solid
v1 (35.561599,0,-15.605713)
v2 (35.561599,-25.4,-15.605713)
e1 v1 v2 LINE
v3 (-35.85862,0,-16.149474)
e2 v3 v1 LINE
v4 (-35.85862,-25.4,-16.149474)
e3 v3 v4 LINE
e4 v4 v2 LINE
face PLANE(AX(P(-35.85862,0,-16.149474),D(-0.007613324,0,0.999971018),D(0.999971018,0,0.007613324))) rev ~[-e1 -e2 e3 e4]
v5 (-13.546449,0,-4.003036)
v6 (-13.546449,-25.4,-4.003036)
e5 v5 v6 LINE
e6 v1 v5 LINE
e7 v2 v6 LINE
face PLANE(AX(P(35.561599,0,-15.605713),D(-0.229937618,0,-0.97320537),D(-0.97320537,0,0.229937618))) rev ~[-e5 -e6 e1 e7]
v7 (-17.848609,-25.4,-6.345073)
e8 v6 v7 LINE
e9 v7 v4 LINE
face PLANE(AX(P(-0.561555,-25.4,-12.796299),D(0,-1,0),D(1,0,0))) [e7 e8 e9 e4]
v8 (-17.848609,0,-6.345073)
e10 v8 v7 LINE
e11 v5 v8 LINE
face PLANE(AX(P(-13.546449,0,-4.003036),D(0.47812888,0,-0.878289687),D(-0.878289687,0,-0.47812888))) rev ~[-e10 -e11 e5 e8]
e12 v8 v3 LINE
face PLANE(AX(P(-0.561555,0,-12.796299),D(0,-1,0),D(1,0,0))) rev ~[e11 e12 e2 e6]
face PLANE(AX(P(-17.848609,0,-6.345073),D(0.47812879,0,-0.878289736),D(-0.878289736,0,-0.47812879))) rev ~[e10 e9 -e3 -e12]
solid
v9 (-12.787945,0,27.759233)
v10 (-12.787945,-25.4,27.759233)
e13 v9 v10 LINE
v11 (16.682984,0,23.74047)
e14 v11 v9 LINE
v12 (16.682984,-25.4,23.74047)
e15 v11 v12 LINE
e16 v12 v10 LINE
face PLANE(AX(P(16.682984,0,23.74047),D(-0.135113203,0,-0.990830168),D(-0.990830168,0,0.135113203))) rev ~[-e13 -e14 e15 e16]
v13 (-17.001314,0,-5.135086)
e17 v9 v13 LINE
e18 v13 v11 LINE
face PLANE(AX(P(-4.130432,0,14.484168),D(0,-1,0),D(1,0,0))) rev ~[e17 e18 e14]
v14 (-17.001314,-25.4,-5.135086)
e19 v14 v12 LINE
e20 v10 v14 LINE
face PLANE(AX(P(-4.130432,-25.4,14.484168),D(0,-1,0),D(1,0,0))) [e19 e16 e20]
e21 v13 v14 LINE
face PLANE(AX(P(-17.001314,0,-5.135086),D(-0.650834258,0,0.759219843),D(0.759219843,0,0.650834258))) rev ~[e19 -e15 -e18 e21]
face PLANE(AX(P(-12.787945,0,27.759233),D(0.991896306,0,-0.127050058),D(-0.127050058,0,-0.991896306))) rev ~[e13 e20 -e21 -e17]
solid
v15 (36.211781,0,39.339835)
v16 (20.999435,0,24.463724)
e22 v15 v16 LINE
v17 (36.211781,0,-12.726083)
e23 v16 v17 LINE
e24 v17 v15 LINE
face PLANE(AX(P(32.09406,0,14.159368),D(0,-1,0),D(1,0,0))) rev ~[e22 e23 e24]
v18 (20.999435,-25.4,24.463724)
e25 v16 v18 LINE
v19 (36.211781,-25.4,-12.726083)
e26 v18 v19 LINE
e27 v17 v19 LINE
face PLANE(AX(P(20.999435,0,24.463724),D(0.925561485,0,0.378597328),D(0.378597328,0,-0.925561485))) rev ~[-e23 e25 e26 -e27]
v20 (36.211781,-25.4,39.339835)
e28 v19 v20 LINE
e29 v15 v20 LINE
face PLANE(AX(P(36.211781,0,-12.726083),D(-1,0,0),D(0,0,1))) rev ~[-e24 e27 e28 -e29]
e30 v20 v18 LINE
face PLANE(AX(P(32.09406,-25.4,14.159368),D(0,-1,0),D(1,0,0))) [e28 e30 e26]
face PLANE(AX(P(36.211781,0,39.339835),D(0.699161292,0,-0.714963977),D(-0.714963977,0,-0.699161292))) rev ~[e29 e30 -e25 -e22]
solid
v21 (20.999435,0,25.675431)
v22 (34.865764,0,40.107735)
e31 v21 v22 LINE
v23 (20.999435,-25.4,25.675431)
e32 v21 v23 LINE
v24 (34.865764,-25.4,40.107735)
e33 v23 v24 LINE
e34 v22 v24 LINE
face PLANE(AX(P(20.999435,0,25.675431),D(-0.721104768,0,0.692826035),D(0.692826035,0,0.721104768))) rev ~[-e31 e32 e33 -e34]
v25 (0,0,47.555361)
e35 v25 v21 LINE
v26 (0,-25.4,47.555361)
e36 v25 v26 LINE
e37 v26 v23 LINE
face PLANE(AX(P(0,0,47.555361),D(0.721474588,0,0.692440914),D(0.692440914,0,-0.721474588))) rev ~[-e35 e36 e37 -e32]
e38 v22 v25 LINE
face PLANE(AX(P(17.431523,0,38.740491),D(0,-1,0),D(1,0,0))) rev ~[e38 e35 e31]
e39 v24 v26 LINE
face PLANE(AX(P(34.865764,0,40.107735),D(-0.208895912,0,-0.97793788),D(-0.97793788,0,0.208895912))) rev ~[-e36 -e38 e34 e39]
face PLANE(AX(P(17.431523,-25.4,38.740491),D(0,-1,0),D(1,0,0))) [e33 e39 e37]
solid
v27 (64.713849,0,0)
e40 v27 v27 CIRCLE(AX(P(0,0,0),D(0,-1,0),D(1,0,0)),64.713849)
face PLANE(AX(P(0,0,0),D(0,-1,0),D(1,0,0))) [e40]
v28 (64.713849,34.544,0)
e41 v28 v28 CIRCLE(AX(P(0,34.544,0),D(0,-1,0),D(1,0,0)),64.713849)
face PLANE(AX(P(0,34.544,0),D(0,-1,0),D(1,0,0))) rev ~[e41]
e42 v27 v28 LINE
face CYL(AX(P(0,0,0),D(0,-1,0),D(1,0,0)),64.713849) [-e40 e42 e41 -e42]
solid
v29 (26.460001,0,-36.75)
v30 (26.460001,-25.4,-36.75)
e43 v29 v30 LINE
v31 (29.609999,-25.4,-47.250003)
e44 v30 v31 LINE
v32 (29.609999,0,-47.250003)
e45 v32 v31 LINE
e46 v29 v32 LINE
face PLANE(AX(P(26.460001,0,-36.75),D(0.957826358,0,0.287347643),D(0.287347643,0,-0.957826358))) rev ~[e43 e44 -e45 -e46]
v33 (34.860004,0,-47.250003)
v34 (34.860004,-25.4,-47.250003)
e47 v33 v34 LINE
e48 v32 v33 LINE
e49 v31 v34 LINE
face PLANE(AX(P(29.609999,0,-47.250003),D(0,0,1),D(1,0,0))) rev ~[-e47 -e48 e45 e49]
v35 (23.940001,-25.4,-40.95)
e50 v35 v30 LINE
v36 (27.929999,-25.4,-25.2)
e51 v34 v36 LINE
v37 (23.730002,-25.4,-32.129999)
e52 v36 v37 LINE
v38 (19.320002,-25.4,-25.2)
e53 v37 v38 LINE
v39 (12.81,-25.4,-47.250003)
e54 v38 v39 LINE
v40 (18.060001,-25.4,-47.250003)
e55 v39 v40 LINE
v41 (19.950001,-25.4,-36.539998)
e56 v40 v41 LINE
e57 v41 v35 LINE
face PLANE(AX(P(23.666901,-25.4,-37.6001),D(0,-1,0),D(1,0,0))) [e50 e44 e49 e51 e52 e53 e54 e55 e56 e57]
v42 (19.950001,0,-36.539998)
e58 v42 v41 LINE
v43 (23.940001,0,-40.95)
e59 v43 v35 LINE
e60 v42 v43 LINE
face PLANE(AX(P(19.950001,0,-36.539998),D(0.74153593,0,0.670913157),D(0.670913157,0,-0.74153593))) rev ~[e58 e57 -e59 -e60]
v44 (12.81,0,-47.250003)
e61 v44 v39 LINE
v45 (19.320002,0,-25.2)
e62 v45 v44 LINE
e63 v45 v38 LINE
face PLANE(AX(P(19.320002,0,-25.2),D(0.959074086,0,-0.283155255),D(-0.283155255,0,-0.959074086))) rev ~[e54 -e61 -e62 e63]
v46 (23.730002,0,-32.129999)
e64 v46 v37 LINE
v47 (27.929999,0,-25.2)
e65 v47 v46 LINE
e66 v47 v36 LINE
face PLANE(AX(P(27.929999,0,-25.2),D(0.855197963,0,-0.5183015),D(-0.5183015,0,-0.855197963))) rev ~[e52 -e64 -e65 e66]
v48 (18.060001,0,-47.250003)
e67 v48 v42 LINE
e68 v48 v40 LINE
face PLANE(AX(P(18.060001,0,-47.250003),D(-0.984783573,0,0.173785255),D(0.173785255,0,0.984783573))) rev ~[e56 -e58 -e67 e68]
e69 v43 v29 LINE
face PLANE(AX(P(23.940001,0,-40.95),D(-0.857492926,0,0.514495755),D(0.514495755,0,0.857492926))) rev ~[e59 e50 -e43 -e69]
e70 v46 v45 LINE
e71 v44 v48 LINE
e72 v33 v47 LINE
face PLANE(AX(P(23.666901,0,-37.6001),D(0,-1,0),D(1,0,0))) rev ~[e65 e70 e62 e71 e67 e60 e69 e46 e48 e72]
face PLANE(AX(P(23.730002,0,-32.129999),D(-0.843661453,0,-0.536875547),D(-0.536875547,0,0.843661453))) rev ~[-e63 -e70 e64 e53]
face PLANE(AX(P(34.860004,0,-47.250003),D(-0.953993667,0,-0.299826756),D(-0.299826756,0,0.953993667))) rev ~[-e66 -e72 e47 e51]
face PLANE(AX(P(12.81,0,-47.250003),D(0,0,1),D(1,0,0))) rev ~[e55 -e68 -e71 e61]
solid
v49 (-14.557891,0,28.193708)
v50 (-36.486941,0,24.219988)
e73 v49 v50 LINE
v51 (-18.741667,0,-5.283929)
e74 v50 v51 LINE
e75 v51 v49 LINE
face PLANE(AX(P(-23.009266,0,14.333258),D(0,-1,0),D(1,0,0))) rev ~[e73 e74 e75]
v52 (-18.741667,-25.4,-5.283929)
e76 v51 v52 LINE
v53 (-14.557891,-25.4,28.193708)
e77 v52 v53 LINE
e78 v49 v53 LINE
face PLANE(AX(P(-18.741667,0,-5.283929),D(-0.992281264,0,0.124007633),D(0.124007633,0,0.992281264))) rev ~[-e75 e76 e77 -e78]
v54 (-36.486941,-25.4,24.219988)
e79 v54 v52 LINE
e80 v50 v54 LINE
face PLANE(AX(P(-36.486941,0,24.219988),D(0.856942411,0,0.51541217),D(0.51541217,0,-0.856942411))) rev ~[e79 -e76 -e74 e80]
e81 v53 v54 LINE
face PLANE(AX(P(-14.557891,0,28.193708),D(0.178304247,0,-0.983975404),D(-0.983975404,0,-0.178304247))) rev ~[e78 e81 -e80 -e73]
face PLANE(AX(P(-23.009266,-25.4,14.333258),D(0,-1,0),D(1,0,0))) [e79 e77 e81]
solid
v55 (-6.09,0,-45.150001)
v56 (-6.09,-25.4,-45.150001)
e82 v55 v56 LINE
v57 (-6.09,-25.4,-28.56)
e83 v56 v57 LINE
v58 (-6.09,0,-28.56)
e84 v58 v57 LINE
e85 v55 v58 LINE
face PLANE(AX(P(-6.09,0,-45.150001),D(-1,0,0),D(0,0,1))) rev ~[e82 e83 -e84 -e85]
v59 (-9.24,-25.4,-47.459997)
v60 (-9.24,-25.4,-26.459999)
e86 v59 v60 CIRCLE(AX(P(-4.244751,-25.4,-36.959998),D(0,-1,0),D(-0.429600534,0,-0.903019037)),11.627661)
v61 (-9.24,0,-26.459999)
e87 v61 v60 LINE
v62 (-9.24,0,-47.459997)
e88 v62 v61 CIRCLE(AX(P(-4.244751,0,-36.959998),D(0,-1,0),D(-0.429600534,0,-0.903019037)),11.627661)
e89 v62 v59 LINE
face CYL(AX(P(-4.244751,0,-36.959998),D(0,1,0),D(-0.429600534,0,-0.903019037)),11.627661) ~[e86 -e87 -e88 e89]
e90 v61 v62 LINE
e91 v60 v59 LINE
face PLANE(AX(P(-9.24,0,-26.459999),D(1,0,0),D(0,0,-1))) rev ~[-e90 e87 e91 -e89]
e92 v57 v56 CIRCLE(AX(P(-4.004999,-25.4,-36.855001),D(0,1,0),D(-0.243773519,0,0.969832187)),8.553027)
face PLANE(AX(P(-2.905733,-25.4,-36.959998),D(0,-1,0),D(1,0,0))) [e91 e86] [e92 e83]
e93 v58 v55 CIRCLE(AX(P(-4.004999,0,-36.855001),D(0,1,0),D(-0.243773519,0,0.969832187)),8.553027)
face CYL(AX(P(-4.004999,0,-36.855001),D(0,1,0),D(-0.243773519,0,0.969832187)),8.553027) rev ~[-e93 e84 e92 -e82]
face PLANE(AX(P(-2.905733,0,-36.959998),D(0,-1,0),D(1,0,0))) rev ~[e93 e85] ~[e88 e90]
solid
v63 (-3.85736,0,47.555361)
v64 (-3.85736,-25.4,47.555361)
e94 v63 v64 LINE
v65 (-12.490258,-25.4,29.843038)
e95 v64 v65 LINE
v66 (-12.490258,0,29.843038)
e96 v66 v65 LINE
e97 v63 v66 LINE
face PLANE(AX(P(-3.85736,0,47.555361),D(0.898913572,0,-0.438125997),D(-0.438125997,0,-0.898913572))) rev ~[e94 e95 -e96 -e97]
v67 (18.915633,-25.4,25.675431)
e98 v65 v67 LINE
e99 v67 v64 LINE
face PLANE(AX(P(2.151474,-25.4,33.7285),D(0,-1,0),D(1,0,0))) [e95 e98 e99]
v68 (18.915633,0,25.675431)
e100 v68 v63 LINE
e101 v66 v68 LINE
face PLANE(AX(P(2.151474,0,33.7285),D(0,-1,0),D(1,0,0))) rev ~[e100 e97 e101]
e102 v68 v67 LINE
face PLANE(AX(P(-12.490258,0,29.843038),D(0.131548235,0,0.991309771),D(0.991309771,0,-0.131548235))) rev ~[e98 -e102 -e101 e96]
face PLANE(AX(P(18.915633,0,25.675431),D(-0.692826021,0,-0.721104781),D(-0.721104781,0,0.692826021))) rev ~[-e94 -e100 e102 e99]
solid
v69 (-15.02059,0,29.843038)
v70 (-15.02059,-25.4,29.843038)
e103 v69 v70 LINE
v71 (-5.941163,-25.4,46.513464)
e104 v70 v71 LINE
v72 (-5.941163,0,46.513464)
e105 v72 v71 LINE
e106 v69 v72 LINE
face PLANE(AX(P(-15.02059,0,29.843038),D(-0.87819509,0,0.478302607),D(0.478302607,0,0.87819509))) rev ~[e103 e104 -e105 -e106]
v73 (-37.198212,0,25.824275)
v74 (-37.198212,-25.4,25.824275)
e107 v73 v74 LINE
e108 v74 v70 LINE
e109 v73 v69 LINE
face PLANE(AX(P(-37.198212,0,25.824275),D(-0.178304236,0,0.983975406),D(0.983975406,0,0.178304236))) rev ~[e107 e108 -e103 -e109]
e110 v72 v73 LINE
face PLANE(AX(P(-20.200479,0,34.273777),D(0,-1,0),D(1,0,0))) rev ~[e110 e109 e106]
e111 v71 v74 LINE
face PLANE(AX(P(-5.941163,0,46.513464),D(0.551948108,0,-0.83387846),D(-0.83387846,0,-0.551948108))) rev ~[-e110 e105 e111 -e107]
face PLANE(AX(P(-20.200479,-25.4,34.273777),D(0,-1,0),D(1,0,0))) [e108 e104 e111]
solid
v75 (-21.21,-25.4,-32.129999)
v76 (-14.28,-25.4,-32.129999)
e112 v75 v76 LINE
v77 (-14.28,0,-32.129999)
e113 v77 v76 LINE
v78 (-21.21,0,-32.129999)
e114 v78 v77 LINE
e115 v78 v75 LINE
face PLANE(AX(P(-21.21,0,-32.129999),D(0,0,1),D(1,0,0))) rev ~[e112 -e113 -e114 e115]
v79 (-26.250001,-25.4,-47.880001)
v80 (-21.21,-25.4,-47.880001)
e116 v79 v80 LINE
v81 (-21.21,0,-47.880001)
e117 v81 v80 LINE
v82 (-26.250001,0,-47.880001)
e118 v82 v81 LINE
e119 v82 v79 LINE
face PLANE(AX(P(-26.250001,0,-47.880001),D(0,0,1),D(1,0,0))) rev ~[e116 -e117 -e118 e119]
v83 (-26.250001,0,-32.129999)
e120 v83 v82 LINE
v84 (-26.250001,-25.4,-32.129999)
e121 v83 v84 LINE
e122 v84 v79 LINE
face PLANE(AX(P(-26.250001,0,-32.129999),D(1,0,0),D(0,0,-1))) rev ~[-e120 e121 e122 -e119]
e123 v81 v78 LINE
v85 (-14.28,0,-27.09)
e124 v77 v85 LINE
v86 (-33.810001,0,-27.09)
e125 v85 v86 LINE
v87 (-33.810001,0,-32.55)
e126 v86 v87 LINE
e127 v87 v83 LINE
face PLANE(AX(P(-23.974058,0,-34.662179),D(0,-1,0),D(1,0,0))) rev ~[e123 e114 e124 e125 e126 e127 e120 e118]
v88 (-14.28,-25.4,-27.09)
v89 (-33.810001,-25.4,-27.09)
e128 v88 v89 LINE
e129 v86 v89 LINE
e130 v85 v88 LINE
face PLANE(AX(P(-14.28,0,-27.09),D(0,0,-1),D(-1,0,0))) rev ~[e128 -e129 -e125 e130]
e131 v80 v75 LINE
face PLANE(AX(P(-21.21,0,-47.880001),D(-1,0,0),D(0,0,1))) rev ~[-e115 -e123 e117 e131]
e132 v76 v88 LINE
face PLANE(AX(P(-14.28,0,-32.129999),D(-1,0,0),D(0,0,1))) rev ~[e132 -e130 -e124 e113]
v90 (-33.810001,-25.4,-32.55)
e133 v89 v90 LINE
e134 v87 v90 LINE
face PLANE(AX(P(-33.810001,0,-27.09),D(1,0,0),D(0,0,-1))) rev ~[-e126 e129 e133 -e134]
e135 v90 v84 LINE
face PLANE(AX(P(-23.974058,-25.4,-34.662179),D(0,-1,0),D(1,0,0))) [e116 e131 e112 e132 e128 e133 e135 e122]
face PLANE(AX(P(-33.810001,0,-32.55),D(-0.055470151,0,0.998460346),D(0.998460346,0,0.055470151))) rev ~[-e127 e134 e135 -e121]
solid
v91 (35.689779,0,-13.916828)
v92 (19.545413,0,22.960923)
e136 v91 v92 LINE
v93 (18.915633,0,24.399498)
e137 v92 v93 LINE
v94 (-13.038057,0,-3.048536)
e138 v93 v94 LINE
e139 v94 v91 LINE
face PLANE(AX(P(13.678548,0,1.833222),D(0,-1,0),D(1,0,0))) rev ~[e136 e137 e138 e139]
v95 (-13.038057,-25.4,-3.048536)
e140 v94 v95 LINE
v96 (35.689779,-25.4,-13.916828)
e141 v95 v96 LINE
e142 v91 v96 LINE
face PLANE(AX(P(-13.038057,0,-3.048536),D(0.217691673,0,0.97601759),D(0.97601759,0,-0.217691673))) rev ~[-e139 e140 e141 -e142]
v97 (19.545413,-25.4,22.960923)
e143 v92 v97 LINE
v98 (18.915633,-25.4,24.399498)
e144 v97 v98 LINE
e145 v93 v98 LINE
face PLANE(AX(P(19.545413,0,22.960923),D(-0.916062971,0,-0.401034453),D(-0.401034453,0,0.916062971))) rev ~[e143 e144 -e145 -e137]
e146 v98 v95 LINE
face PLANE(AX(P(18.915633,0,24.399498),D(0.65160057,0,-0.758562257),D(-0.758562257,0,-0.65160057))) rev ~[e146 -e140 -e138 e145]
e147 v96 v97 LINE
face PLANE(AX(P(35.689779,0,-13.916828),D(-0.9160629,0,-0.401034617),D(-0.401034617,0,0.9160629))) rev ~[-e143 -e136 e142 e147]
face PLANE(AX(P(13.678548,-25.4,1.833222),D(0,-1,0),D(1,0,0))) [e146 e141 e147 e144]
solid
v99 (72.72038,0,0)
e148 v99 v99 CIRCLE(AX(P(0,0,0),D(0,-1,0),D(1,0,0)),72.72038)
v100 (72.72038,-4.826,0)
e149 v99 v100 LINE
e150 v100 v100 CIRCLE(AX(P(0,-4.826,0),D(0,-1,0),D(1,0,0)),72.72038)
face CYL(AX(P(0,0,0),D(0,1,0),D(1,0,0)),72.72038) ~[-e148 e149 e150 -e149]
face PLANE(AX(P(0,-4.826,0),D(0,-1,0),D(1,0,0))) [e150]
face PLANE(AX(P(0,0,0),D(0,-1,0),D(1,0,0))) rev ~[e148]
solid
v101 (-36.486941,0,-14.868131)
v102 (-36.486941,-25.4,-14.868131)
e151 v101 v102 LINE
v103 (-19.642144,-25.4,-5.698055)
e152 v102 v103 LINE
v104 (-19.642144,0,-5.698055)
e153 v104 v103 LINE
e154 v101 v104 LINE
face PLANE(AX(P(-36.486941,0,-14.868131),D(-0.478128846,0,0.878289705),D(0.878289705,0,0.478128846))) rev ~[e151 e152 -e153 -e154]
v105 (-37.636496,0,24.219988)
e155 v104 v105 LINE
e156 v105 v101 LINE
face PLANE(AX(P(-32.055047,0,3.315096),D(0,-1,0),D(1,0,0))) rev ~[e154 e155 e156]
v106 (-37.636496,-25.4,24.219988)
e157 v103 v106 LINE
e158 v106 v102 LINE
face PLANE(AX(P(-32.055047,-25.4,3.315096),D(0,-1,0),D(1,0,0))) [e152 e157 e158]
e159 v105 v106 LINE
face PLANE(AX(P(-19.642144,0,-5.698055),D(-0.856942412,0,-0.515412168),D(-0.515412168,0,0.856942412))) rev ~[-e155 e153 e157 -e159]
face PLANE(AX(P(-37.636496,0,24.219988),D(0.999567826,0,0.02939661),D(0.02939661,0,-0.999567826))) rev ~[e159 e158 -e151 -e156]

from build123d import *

# Parameters (mm, degrees)
F1_DEPTH = 25.4
F2_R     = 64.713849
F3_DEPTH = 34.544
F4_R     = 72.72038
F5_DEPTH = 4.826


with BuildPart() as f1:
    # F0 (on Front) → F1 (new body)
    with BuildSketch(Plane.XZ):
        Polygon((-33.810001, -32.55), (-26.250001, -32.129999), (-26.250001, -47.880001), (-21.21, -47.880001), (-21.21, -32.129999), (-14.28, -32.129999), (-14.28, -27.09), (-33.810001, -27.09), align=None)
        with BuildLine():
            ThreePointArc((-9.24, -47.459997), (7.38291, -36.959998), (-9.24, -26.459999))
            Line((-9.24, -26.459999), (-9.24, -47.459997))
        make_face()
        with BuildLine():
            Line((-6.09, -45.150001), (-6.09, -28.56))
            ThreePointArc((-6.09, -28.56), (4.548028, -36.855), (-6.09, -45.150001))
        make_face(mode=Mode.SUBTRACT)
        Polygon((23.730002, -32.129999), (19.320002, -25.2), (12.81, -47.250003), (18.060001, -47.250003), (19.950001, -36.539998), (23.940001, -40.95), (26.460001, -36.75), (29.609999, -47.250003), (34.860004, -47.250003), (27.929999, -25.2), align=None)
        Polygon((-5.941163, 46.513464), (-37.198212, 25.824275), (-15.02059, 29.843038), align=None)
        Polygon((-3.85736, 47.555361), (-12.490258, 29.843038), (18.915633, 25.675431), align=None)
        Polygon((34.865764, 40.107735), (0, 47.555361), (20.999435, 25.675431), align=None)
        Polygon((36.211781, -12.726083), (36.211781, 39.339835), (20.999435, 24.463724), align=None)
        Polygon((-14.557891, 28.193708), (-36.486941, 24.219988), (-18.741667, -5.283929), align=None)
        Polygon((-17.001314, -5.135086), (16.682984, 23.74047), (-12.787945, 27.759233), align=None)
        Polygon((-17.848609, -6.345073), (-35.85862, -16.149474), (35.561599, -15.605713), (-13.546449, -4.003036), align=None)
        Polygon((-19.642144, -5.698055), (-37.636496, 24.219988), (-36.486941, -14.868131), align=None)
        Polygon((18.915633, 24.399498), (-13.038057, -3.048536), (35.689779, -13.916828), (19.545413, 22.960923), align=None)
    extrude(amount=F1_DEPTH)


with BuildPart() as f3:
    # F2 (on Front) → F3 (new body)
    with BuildSketch(Plane.XZ):
        Circle(F2_R)
    extrude(amount=-F3_DEPTH)


with BuildPart() as f5:
    # F4 (on Front) → F5 (new body)
    with BuildSketch(Plane.XZ):
        Circle(F4_R)
    extrude(amount=F5_DEPTH)


solid = Compound([f1.part, f3.part, f5.part])
